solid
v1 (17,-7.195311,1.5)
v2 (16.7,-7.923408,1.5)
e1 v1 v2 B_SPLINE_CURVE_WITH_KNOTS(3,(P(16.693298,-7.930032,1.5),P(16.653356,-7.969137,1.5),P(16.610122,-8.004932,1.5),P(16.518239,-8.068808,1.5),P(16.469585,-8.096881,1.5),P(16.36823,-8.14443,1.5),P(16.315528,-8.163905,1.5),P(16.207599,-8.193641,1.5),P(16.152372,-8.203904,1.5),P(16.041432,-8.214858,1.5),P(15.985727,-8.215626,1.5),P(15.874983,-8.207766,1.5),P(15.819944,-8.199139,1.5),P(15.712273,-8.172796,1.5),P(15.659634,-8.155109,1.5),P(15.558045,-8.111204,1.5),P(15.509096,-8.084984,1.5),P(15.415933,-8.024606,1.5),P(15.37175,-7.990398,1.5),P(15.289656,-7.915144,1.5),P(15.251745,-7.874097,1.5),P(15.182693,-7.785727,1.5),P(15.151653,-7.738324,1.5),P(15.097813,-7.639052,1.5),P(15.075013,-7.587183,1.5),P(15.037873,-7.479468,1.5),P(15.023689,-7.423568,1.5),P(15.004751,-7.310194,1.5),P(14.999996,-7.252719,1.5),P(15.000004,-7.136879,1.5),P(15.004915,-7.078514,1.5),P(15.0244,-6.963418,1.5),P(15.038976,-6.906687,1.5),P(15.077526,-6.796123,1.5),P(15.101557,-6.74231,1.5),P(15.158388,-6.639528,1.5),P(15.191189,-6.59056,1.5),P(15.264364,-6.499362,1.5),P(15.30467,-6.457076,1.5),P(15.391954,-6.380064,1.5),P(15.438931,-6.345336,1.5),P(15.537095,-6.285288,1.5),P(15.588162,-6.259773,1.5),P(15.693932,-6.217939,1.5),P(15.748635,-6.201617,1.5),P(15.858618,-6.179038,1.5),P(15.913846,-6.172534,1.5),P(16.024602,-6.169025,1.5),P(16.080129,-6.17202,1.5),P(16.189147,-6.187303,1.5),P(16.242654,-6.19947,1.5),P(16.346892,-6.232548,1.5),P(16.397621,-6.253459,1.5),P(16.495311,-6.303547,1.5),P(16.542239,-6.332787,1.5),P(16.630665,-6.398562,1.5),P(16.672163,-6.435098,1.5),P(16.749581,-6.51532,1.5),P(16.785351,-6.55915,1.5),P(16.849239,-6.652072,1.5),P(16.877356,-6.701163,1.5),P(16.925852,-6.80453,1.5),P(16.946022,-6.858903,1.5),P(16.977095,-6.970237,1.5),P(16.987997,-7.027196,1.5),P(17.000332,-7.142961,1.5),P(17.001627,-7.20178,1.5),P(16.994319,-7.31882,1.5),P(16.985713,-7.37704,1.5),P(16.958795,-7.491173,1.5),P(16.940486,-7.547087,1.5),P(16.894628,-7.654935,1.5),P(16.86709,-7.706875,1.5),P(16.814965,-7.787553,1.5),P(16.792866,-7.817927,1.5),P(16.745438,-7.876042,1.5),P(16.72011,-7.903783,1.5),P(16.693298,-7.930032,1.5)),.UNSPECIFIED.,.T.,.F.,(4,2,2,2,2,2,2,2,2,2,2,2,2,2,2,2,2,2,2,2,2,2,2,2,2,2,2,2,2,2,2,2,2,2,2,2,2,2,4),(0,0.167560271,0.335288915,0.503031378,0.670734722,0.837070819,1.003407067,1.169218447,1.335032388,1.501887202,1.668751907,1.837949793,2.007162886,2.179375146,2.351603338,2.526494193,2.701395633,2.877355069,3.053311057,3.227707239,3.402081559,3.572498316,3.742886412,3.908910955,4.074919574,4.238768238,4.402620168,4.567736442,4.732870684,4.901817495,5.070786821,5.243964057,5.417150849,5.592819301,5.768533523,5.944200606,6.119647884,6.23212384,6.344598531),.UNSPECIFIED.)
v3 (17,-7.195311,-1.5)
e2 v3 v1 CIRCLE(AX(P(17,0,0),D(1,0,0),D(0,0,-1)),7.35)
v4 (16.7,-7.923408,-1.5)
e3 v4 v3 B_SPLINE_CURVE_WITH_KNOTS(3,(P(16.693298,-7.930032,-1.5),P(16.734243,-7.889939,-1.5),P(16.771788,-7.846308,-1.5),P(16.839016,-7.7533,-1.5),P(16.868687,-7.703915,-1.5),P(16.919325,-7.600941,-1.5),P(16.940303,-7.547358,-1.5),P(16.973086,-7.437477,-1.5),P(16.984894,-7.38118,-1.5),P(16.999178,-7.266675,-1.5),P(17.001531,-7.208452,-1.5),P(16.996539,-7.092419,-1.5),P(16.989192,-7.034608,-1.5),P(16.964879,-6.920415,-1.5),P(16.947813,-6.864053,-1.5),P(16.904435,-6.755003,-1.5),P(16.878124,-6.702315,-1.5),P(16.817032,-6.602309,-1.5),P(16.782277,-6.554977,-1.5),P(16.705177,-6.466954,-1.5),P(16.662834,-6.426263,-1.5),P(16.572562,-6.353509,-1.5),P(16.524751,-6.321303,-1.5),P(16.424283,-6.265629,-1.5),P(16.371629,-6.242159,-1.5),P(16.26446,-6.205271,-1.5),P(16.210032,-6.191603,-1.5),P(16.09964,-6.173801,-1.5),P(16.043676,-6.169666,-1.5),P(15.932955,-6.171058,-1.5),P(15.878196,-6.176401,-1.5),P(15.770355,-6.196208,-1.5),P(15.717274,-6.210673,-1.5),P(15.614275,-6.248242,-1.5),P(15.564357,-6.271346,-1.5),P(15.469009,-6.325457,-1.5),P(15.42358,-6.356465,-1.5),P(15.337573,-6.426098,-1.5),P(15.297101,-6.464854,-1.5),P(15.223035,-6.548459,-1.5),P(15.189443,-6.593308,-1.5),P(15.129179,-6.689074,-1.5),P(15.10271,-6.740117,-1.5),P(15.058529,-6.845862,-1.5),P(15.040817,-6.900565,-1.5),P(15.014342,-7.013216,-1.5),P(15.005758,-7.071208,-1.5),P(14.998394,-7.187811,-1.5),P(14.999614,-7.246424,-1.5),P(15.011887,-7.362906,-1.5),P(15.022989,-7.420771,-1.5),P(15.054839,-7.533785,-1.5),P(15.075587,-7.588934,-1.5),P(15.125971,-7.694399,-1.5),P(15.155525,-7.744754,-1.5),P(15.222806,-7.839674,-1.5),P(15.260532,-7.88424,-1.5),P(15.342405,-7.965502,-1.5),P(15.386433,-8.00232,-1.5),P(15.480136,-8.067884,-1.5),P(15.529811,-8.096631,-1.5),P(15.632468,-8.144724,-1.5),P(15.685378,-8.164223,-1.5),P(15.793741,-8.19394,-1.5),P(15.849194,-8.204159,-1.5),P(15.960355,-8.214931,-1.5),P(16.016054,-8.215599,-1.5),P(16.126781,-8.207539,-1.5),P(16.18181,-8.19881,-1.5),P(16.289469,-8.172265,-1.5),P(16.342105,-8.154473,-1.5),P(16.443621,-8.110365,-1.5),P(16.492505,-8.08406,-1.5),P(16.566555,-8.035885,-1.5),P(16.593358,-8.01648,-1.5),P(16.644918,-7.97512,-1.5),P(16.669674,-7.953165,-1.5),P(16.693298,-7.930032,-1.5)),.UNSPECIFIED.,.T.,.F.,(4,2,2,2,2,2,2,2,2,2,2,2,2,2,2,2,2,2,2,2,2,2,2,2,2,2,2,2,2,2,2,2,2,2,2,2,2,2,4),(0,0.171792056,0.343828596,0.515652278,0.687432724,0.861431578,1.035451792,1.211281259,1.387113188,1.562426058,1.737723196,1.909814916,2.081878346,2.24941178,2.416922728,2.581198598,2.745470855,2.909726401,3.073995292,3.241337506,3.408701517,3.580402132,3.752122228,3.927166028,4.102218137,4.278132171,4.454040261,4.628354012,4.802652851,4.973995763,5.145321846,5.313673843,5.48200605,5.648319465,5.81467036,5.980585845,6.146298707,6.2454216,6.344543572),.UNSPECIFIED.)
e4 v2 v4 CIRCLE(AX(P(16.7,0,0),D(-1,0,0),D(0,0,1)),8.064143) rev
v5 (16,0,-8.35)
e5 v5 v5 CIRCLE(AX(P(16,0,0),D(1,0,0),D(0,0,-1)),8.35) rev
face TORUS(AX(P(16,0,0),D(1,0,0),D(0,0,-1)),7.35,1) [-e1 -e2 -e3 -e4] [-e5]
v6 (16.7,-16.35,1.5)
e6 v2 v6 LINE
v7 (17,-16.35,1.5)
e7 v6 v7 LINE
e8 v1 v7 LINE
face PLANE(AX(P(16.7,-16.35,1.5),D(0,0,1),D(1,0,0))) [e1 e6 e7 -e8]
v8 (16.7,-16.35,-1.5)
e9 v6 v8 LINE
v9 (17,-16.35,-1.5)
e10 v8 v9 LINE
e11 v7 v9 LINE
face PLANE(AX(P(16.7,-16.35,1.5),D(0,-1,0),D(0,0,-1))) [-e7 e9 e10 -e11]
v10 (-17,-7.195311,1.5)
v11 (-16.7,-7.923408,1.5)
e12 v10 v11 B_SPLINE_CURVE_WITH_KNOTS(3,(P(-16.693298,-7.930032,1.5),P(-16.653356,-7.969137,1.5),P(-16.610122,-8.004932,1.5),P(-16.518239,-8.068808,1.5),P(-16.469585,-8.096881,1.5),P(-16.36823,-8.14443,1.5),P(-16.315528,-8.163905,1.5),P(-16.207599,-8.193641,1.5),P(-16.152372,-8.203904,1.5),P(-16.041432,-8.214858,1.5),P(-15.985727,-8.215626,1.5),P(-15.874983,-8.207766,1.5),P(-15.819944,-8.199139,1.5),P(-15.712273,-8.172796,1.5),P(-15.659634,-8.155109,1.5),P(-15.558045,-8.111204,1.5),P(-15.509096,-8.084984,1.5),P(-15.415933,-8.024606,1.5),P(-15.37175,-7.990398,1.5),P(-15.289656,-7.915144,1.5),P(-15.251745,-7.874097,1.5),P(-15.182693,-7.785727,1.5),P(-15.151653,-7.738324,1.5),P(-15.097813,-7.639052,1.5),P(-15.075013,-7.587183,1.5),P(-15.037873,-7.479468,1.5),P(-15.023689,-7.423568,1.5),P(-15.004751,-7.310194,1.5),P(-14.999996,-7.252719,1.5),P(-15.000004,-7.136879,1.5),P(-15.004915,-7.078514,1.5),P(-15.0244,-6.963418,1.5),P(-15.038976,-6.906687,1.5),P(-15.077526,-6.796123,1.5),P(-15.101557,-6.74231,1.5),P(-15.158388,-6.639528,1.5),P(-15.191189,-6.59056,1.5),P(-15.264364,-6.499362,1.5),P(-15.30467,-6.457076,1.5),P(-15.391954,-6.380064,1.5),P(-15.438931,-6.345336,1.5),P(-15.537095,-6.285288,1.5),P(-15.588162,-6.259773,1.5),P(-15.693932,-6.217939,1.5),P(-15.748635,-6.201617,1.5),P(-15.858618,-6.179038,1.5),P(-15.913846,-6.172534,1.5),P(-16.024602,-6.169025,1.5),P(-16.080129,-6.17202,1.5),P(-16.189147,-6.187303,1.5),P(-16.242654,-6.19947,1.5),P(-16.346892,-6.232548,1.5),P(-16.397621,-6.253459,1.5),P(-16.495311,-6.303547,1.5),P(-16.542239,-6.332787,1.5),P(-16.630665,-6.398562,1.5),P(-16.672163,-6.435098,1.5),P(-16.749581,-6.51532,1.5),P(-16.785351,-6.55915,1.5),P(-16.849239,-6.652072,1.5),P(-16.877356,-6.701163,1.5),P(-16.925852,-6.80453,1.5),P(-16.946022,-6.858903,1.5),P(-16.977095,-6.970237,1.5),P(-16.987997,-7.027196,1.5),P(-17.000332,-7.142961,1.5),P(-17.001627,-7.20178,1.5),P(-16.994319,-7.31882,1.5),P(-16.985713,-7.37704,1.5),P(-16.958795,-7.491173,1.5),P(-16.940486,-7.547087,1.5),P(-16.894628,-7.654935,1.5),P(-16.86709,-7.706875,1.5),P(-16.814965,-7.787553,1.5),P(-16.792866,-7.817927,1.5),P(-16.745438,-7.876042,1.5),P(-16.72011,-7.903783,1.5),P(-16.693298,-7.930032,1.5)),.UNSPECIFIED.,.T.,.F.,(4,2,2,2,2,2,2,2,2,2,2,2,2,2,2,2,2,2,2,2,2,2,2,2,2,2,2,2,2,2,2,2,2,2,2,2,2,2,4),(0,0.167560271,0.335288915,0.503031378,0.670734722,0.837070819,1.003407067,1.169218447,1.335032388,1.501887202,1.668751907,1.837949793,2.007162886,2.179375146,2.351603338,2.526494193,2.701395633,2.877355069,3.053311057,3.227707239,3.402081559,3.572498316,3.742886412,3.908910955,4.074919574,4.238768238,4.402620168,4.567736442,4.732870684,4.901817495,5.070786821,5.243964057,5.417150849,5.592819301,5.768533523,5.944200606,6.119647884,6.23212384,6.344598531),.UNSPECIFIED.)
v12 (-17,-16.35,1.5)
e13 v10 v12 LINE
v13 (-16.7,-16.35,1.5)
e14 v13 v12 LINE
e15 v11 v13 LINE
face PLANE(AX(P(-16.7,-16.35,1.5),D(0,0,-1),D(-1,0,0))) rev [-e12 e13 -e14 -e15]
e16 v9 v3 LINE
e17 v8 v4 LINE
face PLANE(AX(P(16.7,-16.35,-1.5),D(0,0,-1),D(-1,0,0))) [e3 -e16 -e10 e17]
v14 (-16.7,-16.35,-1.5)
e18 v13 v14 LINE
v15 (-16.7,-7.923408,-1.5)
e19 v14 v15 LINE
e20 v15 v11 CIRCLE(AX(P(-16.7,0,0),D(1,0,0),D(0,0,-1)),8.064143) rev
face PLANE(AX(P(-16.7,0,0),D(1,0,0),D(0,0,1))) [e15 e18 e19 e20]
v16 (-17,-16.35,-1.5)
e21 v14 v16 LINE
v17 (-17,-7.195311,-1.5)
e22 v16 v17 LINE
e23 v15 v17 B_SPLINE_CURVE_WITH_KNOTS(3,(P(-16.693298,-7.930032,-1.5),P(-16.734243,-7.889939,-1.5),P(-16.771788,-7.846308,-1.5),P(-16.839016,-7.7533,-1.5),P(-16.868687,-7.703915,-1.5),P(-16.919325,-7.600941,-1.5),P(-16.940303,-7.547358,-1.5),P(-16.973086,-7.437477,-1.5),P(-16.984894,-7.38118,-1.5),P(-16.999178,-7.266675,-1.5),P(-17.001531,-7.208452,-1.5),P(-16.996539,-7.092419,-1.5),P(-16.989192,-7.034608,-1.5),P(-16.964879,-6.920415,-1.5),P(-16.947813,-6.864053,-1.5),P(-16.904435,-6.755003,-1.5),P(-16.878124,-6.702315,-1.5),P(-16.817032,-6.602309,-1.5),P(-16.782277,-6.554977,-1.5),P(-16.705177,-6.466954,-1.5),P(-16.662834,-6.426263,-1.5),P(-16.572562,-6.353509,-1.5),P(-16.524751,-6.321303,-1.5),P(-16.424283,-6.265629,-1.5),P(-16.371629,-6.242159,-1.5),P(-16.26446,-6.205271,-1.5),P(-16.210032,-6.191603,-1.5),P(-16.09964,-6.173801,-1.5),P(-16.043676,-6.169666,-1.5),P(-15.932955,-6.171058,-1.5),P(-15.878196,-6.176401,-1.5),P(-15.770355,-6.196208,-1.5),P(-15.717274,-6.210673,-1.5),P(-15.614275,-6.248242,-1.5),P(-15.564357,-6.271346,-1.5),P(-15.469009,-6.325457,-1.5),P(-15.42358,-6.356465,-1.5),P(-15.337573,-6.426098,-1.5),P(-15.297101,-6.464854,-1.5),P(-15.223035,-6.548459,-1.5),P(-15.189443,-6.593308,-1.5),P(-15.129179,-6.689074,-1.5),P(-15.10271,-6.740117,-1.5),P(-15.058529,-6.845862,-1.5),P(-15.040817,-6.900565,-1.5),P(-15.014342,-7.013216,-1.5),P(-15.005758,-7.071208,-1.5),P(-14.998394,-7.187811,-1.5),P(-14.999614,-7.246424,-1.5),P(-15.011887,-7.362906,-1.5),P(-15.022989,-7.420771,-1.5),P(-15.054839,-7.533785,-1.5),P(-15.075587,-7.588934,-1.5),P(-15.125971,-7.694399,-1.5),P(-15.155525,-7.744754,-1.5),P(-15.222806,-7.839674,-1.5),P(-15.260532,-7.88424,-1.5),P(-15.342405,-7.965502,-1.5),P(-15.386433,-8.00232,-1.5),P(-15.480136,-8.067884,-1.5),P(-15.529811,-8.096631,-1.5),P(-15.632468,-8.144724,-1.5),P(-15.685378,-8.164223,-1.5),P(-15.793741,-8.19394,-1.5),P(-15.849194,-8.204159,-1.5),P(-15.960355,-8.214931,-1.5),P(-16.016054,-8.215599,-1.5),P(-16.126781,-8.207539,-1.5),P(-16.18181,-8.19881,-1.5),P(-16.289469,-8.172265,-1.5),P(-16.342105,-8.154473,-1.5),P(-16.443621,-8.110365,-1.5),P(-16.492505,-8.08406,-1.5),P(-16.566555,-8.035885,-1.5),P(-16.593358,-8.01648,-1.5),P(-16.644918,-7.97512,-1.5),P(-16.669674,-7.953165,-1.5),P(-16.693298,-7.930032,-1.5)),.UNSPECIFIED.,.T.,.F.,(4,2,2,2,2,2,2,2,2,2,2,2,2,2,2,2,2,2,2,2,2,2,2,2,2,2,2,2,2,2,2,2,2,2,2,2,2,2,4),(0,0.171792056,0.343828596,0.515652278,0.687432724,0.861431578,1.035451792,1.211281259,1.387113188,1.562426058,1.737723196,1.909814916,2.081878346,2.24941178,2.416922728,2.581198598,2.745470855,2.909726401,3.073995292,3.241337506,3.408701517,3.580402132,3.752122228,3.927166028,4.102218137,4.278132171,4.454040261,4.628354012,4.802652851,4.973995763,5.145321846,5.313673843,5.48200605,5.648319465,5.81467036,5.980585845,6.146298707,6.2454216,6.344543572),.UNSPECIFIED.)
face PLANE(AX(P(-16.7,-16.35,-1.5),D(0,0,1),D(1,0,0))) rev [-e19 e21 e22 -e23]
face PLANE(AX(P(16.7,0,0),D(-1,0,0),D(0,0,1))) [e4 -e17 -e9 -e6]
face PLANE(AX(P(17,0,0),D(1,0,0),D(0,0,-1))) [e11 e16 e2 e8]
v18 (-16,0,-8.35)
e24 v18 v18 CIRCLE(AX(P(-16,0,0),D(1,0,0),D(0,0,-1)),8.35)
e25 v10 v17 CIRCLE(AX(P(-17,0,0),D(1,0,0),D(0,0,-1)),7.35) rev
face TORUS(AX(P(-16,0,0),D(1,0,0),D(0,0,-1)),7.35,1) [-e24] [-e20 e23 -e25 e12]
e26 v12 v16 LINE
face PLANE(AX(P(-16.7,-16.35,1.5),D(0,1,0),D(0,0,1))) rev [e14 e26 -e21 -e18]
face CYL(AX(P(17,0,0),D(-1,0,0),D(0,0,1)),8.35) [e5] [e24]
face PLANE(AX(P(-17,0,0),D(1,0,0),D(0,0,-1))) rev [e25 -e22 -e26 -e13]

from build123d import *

# Parameters (mm, degrees)
SKETCH_1_R      = 8.35
EXTRUDE_1_DEPTH = 17
FILLET_1_R      = 1
SKETCH_2_W      = 3
SKETCH_2_H      = 16.35
EXTRUDE_2_DEPTH = 0.3


with BuildPart() as part:
    # Эскиз1 → Бобышка-Вытянуть1 (new, symmetric)
    with BuildSketch(Plane(origin=(0, 0, 0), x_dir=(0, 0, -1), z_dir=(1, 0, 0))):
        Circle(SKETCH_1_R)
    extrude(amount=EXTRUDE_1_DEPTH, both=True)

    # Скругление1
    fillet_1_edges = [part.edges().sort_by_distance(p)[0] for p in [
        (-17, 0, 8.35),
        (17, 0, 8.35),
    ]]
    fillet(fillet_1_edges, radius=FILLET_1_R)

    # Эскиз2 → Бобышка-Вытянуть2 (add)
    with BuildSketch(Plane(origin=(17, 0, 0), x_dir=(0, 0, -1), z_dir=(1, 0, 0))):
        with Locations((0, -8.175)):
            Rectangle(SKETCH_2_W, SKETCH_2_H)
    extrude_2 = extrude(amount=-EXTRUDE_2_DEPTH)

    # Зеркальное отражение1: Бобышка-Вытянуть2 across plane
    add(extrude_2.mirror(Plane(origin=(0, 0, 0), x_dir=(0, 0, 1), z_dir=(1, 0, 0))))


solid = part.part
